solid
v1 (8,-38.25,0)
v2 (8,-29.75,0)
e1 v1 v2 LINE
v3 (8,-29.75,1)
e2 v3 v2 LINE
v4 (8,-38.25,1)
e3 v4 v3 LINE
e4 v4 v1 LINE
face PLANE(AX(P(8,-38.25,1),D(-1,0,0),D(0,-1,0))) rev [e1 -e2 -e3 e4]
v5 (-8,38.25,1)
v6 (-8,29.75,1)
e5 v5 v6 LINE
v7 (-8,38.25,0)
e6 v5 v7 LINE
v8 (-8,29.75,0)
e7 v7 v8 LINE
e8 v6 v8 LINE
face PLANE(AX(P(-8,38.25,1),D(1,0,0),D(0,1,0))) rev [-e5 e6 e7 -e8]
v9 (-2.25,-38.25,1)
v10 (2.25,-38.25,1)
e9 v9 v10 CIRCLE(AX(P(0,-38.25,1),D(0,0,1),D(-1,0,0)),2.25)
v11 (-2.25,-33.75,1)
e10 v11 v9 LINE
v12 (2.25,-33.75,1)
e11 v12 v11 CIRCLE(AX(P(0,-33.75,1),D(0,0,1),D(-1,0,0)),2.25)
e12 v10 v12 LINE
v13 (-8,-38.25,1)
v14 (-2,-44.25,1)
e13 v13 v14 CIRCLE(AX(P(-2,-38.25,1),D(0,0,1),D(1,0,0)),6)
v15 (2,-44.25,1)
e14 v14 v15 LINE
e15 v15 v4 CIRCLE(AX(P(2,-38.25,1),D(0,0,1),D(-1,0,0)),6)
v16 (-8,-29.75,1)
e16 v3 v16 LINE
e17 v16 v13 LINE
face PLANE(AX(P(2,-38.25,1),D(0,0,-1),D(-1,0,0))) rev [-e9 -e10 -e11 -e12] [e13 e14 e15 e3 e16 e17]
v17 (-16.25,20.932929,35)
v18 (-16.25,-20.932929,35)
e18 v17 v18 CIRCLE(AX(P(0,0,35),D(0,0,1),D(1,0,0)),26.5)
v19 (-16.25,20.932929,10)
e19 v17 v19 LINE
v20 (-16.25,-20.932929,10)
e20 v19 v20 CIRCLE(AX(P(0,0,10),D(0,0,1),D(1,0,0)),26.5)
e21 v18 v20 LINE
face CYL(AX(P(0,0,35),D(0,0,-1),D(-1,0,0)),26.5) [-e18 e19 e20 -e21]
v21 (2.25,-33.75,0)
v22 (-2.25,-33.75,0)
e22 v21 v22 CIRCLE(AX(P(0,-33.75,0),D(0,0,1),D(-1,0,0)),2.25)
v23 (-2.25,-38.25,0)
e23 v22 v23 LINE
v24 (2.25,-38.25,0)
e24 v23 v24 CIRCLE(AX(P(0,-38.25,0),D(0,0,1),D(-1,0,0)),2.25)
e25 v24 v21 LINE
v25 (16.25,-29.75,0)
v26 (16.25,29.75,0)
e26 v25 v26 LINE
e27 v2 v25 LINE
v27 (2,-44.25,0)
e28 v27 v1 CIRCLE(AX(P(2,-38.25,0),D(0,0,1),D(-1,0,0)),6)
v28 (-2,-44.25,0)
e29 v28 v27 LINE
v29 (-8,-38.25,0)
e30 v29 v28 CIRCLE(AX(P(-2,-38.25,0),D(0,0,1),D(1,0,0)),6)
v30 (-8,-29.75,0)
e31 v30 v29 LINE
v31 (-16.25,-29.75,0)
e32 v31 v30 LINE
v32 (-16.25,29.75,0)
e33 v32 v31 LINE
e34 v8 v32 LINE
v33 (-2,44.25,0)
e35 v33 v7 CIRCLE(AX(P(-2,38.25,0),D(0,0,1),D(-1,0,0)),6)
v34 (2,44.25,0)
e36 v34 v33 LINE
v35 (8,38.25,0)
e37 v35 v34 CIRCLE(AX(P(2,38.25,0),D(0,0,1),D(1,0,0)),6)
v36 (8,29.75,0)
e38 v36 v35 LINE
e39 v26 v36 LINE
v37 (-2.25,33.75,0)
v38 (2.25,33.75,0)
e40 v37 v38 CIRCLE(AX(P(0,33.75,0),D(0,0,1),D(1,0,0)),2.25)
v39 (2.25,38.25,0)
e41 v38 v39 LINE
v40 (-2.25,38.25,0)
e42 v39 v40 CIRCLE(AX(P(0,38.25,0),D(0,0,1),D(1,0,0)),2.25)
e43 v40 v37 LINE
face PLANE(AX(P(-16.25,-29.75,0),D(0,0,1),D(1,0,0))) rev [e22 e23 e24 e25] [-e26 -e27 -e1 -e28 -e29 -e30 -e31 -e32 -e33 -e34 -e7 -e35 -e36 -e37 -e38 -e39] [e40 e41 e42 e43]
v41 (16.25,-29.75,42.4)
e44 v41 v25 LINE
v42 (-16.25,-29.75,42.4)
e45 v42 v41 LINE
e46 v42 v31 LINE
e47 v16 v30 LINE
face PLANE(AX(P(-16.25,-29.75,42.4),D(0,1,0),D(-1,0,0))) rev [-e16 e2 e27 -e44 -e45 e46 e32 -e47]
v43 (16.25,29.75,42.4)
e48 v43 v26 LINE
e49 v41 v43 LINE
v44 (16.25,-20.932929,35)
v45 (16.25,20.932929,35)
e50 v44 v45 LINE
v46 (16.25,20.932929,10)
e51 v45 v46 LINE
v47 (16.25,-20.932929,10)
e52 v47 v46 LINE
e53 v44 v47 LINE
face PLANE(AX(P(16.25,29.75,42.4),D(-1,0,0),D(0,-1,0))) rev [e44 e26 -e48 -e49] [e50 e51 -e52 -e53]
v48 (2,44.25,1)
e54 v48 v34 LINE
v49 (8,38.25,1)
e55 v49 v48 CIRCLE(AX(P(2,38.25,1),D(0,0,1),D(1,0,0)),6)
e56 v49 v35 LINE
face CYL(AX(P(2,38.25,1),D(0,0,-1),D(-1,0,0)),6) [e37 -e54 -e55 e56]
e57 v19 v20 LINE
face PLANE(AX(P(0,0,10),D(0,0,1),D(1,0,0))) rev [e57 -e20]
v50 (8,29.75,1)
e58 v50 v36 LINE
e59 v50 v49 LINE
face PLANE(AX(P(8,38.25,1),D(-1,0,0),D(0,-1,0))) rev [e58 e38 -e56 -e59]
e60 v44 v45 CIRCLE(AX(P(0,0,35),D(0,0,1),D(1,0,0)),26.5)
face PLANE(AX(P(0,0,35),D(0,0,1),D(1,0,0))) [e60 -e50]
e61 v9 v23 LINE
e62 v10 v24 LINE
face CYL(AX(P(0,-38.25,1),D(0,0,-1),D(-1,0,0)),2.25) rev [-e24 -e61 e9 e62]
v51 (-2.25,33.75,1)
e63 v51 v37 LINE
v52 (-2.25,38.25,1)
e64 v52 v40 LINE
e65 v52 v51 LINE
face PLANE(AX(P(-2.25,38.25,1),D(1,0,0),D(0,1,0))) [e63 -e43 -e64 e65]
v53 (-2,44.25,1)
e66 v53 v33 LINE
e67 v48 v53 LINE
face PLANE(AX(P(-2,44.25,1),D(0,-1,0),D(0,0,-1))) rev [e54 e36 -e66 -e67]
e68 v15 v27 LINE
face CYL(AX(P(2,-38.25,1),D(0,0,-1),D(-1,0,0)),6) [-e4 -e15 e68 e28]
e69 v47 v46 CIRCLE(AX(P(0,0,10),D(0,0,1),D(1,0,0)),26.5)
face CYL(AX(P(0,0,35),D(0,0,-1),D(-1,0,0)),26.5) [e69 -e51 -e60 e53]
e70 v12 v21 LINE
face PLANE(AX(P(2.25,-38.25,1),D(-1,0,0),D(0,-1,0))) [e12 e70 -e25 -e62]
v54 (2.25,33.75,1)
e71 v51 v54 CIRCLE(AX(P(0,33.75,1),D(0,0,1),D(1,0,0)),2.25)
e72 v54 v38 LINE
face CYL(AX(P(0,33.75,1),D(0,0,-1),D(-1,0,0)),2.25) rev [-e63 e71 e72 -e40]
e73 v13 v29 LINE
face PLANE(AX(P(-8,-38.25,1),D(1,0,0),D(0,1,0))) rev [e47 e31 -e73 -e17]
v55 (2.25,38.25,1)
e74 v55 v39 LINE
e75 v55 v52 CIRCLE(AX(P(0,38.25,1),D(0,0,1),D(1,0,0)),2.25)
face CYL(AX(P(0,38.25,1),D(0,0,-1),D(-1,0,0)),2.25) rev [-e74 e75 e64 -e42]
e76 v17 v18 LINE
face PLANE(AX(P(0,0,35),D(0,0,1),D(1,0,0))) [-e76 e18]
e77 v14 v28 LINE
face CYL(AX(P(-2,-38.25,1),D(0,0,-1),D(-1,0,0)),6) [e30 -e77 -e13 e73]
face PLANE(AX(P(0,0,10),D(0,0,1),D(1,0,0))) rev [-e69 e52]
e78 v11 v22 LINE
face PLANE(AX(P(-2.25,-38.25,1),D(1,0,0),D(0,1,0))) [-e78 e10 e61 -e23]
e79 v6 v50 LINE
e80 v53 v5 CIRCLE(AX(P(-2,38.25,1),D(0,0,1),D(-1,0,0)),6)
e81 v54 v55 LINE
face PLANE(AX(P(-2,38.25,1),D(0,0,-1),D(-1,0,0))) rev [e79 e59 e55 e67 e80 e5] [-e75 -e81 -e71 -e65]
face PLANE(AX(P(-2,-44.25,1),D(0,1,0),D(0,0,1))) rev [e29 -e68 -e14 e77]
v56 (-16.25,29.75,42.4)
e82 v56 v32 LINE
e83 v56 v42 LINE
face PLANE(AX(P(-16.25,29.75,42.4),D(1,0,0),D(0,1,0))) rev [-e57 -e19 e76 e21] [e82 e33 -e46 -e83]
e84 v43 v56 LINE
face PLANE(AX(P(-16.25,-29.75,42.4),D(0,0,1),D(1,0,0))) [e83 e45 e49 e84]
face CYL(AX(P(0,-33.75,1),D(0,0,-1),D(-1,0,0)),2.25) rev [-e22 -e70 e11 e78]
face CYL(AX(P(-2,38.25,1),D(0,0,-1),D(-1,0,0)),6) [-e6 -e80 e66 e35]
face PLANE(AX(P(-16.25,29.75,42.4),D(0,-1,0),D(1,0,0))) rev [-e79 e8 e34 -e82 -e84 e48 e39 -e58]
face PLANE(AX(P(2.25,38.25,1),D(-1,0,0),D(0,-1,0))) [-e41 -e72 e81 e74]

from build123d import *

# Parameters (mm, degrees)
SKETCH_1_W      = 32.5
SKETCH_1_H      = 59.5
EXTRUDE_1_DEPTH = 42.4
EXTRUDE_2_DEPTH = 25
EXTRUDE_3_DEPTH = 1


with BuildPart() as part:
    # 草图1 → 拉伸1 (new body)
    with BuildSketch(Plane.XY):
        Rectangle(SKETCH_1_W, SKETCH_1_H)
    extrude(amount=EXTRUDE_1_DEPTH)

    # 草图2 → 拉伸2 (add)
    with BuildSketch(Plane.XY.offset(10)):
        with BuildLine():
            Line((-16.25, 20.932928605), (16.25, 20.932928605))
            ThreePointArc((16.25, 20.932928605), (26.5, 0), (16.25, -20.932928605))
            Line((16.25, -20.932928605), (-16.25, -20.932928605))
            ThreePointArc((-16.25, -20.932928605), (-26.5, 0), (-16.25, 20.932928605))
        make_face()
    extrude(amount=EXTRUDE_2_DEPTH)

    # 草图4 → 拉伸3 (add)
    # profile 1 of 2: a face of its own
    with BuildSketch(Plane.XY):
        with BuildLine():
            Line((-2, 44.25), (2, 44.25))
            ThreePointArc((2, 44.25), (6.242640687, 42.492640687), (8, 38.25))
            Line((8, 38.25), (8, 29.75))
            Line((8, 29.75), (-8, 29.75))
            Line((-8, 29.75), (-8, 38.25))
            ThreePointArc((-8, 38.25), (-6.242640687, 42.492640687), (-2, 44.25))
        make_face()
        with BuildLine():
            Line((-2.25, 38.25), (-2.25, 33.75))
            ThreePointArc((-2.25, 33.75), (0, 31.5), (2.25, 33.75))
            Line((2.25, 33.75), (2.25, 38.25))
            ThreePointArc((2.25, 38.25), (0, 40.5), (-2.25, 38.25))
        make_face(mode=Mode.SUBTRACT)
    # profile 2 of 2: a face of its own
    with BuildSketch(Plane.XY):
        with BuildLine():
            Line((-2, -44.25), (2, -44.25))
            ThreePointArc((2, -44.25), (6.242640687, -42.492640687), (8, -38.25))
            Line((8, -38.25), (8, -29.75))
            Line((8, -29.75), (-8, -29.75))
            Line((-8, -29.75), (-8, -38.25))
            ThreePointArc((-8, -38.25), (-6.242640687, -42.492640687), (-2, -44.25))
        make_face()
        with BuildLine():
            Line((2.25, -38.25), (2.25, -33.75))
            ThreePointArc((2.25, -33.75), (0, -31.5), (-2.25, -33.75))
            Line((-2.25, -33.75), (-2.25, -38.25))
            ThreePointArc((-2.25, -38.25), (0, -40.5), (2.25, -38.25))
        make_face(mode=Mode.SUBTRACT)
    extrude(amount=EXTRUDE_3_DEPTH)


solid = part.part
